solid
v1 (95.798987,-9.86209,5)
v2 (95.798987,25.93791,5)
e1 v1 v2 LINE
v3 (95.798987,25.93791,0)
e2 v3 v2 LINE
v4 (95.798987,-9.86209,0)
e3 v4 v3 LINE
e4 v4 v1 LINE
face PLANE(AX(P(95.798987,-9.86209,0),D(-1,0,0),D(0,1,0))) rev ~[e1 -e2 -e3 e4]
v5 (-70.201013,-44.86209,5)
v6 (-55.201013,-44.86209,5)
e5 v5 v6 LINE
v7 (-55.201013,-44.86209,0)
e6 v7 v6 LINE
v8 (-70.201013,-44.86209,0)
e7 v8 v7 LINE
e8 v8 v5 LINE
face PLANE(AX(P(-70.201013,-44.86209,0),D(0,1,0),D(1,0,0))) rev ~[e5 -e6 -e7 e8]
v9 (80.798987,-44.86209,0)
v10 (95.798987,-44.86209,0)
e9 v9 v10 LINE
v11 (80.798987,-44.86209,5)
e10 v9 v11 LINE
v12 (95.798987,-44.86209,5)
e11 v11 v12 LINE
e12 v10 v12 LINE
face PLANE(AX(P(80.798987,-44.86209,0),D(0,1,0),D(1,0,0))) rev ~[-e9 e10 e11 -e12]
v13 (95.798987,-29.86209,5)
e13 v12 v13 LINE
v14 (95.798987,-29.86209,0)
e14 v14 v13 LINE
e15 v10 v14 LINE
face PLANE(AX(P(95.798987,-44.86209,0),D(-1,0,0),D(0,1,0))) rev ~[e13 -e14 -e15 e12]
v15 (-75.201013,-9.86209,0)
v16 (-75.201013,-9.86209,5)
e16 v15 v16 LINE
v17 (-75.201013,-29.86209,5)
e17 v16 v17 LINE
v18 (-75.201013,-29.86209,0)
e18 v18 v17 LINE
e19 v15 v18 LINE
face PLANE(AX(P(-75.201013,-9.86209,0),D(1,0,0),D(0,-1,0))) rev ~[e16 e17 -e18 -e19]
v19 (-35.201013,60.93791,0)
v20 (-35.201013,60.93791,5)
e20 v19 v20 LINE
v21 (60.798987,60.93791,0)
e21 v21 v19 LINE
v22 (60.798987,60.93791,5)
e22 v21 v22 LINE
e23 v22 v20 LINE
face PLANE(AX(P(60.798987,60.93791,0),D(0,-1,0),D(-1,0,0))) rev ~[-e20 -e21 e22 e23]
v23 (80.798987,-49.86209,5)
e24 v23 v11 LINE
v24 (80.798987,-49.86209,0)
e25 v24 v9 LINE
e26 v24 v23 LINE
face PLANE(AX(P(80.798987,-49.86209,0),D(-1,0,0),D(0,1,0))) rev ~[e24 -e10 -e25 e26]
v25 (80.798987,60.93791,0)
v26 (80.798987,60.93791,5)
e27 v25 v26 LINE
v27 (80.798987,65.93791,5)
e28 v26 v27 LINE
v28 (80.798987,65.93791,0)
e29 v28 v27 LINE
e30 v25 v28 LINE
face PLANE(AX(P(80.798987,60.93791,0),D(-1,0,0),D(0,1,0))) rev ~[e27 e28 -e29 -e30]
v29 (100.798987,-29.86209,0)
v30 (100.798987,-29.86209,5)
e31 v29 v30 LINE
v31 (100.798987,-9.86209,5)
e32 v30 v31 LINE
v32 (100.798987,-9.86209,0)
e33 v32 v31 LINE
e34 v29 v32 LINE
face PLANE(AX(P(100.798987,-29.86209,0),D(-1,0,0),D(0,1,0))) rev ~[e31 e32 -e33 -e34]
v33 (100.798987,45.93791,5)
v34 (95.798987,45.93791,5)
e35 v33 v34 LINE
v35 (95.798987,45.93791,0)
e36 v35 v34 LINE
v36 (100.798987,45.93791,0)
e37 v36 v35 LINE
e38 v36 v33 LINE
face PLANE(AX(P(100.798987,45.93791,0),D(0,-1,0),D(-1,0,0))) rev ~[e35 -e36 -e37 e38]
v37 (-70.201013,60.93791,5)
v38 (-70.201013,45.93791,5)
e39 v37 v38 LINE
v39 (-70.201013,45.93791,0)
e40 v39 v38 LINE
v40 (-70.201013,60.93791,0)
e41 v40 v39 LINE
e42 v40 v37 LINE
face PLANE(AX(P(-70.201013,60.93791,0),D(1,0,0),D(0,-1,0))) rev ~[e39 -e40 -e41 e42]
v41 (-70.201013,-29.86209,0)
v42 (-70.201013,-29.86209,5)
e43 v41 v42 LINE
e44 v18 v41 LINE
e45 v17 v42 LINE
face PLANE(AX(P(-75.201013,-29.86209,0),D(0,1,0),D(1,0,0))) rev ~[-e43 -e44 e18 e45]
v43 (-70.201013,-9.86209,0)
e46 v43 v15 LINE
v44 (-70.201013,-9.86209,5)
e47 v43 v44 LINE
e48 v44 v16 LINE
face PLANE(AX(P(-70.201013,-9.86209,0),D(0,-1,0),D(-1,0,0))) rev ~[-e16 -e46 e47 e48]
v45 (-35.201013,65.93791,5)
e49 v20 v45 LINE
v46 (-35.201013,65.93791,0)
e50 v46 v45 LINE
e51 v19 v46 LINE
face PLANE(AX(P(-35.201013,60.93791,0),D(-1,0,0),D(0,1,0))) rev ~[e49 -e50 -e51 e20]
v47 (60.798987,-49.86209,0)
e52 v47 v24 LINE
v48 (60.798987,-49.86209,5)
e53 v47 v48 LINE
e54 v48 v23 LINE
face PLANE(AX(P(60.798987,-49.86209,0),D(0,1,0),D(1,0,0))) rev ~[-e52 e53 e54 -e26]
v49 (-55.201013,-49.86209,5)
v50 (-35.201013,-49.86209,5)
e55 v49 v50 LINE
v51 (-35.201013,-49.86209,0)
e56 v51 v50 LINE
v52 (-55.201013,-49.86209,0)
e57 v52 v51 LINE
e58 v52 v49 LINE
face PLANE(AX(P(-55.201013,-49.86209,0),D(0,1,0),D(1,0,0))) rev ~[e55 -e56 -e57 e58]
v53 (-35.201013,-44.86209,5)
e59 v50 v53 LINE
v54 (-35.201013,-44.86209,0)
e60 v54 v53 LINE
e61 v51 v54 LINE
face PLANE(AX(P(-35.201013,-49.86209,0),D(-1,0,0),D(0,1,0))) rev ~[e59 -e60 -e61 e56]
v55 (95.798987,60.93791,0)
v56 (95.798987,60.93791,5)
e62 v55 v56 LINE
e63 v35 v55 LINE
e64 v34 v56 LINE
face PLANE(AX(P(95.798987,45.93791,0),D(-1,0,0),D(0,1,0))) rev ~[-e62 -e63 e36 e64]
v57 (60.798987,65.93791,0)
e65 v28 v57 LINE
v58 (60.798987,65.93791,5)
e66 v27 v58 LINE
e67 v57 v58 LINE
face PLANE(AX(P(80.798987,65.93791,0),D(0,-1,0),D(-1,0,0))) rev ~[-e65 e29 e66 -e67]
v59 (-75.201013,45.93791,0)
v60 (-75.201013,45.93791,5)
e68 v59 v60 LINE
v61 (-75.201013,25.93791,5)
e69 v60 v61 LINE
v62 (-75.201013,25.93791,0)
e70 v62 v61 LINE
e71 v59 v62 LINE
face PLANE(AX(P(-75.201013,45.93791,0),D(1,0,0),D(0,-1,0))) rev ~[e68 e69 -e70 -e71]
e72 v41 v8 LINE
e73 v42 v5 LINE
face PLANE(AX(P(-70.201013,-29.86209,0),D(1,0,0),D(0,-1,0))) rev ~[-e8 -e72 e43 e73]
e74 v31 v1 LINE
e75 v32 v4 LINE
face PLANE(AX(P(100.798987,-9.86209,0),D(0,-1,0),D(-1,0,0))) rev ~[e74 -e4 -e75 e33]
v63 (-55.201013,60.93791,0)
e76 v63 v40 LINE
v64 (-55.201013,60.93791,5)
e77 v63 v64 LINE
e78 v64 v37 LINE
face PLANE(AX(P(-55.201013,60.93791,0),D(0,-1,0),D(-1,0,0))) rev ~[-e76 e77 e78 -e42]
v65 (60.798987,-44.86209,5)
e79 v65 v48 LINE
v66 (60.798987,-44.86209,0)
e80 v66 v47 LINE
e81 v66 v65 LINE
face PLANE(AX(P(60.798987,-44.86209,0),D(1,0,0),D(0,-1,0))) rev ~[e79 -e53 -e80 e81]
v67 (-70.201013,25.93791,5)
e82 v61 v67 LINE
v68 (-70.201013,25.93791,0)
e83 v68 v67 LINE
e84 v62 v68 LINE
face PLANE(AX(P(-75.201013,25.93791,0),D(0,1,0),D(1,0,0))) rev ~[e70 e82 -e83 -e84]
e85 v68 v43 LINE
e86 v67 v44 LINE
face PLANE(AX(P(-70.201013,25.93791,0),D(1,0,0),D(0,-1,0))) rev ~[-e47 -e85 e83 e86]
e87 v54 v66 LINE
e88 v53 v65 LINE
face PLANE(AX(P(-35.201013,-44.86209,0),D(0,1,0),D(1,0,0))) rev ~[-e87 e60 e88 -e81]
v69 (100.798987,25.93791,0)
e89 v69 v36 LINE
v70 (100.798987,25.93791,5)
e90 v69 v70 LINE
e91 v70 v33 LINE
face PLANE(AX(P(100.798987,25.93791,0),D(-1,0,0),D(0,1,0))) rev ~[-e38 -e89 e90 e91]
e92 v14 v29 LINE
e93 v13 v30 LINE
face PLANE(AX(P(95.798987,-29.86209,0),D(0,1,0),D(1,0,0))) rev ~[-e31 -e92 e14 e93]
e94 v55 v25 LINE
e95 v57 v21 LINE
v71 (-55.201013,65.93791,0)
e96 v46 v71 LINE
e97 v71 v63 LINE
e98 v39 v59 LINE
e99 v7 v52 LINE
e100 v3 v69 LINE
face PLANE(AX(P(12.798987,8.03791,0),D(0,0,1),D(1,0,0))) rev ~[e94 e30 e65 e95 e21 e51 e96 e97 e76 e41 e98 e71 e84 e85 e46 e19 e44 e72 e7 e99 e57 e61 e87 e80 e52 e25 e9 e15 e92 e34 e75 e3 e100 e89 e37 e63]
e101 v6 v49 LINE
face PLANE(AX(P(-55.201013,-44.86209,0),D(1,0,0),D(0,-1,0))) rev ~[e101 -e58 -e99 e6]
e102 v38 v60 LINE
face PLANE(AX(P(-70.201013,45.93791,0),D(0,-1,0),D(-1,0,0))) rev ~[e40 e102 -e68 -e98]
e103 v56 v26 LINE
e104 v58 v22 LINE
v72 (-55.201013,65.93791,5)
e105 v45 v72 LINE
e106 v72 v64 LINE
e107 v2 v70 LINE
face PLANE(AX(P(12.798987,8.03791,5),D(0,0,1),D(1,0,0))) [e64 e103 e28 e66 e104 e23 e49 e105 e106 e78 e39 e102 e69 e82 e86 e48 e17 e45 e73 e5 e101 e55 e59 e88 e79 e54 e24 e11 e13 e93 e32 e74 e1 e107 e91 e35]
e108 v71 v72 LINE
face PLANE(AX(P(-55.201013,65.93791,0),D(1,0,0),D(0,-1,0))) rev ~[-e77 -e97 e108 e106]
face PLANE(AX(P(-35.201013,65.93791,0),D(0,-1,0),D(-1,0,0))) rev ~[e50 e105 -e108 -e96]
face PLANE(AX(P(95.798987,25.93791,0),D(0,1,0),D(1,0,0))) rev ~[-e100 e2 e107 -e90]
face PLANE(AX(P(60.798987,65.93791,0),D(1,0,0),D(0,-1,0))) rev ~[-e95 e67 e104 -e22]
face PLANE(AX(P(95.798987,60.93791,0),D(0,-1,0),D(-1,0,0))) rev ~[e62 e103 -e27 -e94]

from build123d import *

# Parameters (mm, degrees)
SALIENTE_EXTRUIR1_DEPTH = 5


with BuildPart() as part:
    # Croquis1 → Saliente-Extruir1 (new body)
    with BuildSketch(Plane.XY):
        Polygon((80.798987429, 65.937910328), (60.798987429, 65.937910328), (60.798987429, 60.937910328), (-35.201012571, 60.937910328), (-35.201012571, 65.937910328), (-55.201012571, 65.937910328), (-55.201012571, 60.937910328), (-70.201012571, 60.937910328), (-70.201012571, 45.937910328), (-75.201012571, 45.937910328), (-75.201012571, 25.937910328), (-70.201012571, 25.937910328), (-70.201012571, -9.862089672), (-75.201012571, -9.862089672), (-75.201012571, -29.862089672), (-70.201012571, -29.862089672), (-70.201012571, -44.862089672), (-55.201012571, -44.862089672), (-55.201012571, -49.862089672), (-35.201012571, -49.862089672), (-35.201012571, -44.862089672), (60.798987429, -44.862089672), (60.798987429, -49.862089672), (80.798987429, -49.862089672), (80.798987429, -44.862089672), (95.798987429, -44.862089672), (95.798987429, -29.862089672), (100.798987429, -29.862089672), (100.798987429, -9.862089672), (95.798987429, -9.862089672), (95.798987429, 25.937910328), (100.798987429, 25.937910328), (100.798987429, 45.937910328), (95.798987429, 45.937910328), (95.798987429, 60.937910328), (80.798987429, 60.937910328), align=None)
    extrude(amount=SALIENTE_EXTRUIR1_DEPTH)


solid = part.part
